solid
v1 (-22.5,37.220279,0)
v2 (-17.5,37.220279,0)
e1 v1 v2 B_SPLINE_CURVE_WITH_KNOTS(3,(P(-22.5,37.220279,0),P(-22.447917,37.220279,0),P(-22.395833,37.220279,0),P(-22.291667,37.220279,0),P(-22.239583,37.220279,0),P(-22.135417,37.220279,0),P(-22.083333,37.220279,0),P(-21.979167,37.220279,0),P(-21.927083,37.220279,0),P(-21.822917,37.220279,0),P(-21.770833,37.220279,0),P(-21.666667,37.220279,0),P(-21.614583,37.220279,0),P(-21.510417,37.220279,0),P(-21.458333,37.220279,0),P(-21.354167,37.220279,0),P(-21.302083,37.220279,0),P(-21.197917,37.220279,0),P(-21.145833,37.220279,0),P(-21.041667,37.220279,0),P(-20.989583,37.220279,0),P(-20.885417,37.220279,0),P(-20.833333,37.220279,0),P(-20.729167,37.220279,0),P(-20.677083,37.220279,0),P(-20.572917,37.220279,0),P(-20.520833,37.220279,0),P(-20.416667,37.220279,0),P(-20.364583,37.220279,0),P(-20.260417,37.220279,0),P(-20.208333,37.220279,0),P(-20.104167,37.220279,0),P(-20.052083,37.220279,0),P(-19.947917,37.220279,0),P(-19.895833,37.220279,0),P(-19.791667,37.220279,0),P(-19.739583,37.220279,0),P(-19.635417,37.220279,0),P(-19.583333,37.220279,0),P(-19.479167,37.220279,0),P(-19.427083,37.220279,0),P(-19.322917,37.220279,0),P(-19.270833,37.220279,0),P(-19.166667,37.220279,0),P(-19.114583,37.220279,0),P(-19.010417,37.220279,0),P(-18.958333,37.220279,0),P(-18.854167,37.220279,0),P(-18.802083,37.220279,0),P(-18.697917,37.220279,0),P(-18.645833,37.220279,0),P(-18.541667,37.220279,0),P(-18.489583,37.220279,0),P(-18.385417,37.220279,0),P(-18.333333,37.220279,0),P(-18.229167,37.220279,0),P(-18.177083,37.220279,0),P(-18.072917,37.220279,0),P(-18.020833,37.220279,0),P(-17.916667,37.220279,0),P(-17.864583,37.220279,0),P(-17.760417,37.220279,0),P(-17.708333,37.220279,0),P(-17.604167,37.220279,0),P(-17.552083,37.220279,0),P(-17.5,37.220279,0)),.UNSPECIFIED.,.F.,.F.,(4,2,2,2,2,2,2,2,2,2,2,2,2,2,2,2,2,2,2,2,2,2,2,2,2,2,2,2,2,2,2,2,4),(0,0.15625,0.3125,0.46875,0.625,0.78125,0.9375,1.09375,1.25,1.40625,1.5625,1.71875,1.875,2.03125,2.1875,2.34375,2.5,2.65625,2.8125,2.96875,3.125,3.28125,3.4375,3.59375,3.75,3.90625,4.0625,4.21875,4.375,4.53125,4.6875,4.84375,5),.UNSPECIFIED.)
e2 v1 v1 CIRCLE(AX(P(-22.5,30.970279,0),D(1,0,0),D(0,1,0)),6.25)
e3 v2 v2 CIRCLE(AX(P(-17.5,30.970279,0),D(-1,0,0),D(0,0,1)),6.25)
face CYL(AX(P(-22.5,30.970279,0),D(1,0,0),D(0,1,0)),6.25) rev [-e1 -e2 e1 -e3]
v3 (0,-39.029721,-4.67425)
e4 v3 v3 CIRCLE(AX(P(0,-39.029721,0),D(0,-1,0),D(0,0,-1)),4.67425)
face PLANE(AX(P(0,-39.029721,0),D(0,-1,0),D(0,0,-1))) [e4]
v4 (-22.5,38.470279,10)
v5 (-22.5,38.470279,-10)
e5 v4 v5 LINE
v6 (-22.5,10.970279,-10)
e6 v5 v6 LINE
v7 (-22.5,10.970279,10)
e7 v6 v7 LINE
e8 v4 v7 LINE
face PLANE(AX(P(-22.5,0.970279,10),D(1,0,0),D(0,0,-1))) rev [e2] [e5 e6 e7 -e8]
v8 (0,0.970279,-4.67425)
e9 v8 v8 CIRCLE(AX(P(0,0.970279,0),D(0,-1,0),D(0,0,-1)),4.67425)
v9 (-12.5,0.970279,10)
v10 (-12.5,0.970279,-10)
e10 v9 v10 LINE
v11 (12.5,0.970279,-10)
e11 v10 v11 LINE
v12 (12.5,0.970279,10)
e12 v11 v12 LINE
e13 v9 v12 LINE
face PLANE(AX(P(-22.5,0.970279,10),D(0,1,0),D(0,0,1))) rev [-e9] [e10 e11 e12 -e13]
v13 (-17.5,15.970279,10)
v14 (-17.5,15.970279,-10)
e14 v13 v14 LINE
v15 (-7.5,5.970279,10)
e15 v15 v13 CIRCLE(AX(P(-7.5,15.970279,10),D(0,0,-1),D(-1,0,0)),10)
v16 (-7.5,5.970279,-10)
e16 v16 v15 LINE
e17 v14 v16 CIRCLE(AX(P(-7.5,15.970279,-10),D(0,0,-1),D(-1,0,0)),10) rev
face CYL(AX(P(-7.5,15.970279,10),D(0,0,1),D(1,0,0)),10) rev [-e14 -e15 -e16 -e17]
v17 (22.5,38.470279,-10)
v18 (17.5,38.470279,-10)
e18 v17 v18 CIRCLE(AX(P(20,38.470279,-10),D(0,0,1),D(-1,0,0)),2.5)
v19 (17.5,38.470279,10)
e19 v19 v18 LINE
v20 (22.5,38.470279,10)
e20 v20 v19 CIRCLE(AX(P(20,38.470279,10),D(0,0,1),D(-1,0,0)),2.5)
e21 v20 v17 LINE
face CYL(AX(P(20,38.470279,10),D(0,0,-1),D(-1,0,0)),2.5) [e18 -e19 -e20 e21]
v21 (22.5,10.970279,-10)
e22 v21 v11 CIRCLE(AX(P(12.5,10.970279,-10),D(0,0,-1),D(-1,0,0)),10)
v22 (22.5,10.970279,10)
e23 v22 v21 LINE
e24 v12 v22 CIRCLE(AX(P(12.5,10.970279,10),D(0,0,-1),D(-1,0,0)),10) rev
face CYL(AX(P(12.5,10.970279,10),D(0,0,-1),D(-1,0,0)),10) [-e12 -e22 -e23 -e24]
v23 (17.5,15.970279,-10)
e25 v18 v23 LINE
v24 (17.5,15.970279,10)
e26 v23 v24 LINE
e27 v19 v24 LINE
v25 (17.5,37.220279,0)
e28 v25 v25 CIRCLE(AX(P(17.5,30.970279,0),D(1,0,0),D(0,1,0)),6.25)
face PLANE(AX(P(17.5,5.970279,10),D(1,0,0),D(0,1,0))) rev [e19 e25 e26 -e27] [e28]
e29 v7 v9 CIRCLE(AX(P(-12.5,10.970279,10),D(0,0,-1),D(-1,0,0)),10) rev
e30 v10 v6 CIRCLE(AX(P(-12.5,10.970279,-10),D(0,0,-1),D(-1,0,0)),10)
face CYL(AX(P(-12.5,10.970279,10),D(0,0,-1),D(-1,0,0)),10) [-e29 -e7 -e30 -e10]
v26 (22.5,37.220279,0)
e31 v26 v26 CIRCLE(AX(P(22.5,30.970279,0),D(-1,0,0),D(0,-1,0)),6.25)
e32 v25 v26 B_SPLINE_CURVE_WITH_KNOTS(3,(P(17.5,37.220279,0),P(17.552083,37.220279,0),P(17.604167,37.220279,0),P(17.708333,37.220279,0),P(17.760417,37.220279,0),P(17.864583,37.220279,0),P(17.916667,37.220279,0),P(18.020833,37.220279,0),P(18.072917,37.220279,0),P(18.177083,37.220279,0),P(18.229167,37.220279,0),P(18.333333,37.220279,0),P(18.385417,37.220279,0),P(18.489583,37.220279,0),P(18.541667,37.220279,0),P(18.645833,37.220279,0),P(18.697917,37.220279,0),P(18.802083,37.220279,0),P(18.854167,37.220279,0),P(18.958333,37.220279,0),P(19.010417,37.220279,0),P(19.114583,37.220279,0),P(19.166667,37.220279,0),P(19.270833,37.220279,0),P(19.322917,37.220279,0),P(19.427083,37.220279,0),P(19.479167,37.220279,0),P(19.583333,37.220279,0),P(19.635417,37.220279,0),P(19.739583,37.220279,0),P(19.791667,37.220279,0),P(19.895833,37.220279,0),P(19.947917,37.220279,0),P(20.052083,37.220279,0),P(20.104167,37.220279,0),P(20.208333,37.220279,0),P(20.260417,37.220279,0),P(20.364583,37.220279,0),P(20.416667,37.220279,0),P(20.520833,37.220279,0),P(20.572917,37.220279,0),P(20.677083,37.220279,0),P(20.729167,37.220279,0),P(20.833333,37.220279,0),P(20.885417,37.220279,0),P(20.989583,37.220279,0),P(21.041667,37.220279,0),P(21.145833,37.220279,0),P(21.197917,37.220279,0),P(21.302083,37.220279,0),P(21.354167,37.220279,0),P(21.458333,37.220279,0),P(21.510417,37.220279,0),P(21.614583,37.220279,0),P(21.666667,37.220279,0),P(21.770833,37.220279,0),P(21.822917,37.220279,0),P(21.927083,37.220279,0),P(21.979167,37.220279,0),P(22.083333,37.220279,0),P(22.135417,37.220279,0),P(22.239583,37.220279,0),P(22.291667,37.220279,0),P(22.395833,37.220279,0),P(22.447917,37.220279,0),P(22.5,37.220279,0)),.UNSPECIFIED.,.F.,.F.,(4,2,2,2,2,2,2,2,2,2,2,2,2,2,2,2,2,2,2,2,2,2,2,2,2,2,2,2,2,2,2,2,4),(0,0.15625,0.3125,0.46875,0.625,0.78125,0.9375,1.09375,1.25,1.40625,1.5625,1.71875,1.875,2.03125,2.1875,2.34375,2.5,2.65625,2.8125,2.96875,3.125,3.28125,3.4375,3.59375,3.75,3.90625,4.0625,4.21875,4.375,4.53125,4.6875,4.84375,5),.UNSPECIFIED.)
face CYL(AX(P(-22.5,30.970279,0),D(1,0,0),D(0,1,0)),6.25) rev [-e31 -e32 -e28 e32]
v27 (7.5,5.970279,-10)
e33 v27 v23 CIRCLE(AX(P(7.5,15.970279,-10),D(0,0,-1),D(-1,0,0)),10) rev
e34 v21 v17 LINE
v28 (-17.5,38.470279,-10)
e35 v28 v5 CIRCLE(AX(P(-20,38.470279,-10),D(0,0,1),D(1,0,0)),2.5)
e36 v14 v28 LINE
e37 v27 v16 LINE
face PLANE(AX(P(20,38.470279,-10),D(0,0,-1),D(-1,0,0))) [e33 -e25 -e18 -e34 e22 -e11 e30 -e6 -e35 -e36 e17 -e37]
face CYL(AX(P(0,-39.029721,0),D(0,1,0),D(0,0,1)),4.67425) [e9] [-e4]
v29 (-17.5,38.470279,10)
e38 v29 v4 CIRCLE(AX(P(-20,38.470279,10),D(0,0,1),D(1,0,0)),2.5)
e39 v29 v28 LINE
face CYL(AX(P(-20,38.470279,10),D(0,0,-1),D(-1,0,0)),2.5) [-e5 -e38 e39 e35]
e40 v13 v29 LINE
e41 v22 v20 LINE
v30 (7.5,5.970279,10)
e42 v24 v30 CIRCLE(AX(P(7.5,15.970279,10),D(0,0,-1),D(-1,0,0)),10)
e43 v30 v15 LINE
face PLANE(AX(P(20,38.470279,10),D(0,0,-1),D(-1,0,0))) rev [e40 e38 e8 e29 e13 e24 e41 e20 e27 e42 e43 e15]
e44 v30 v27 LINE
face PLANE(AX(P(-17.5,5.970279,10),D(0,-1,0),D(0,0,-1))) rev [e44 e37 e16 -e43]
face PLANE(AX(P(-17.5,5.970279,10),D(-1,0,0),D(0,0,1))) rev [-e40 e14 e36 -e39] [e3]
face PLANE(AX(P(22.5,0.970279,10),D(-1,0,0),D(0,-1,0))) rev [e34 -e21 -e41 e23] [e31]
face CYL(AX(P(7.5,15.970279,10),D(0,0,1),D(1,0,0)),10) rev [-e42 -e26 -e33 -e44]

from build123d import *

# Parameters (mm, degrees)
BOSS_EXTRUDE1_DEPTH     = 20
SKETCH2_R               = 9.3485
BOSS_EXTRUDE2_DEPTH     = 80
FILLET1_R               = 20
CUT_EXTRUDE1_DEPTH      = 126.39936204
CUT_EXTRUDE1_DEPTH_BACK = 126.39936204
SKETCH3_R               = 12.5
SCALE1_SCALE            = 0.5


with BuildPart() as part:
    # Sketch1 → Boss-Extrude1 (new, symmetric)
    with BuildSketch(Plane.XY):
        with BuildLine():
            Line((35, 5), (35, 70))
            ThreePointArc((35, 70), (40, 75), (45, 70))
            Line((45, 70), (45, -5))
            Line((45, -5), (-45, -5))
            Line((-45, -5), (-45, 70))
            ThreePointArc((-45, 70), (-40, 75), (-35, 70))
            Line((-35, 70), (-35, 5))
            Line((-35, 5), (35, 5))
        make_face()
    extrude(amount=BOSS_EXTRUDE1_DEPTH, both=True)

    # Sketch2 → Boss-Extrude2 (add)
    with BuildSketch(Plane.XZ.offset(5)):
        with Locations(Location((0, 0, 0), (0, 0, 270))):
            Circle(SKETCH2_R)
    extrude(amount=BOSS_EXTRUDE2_DEPTH)

    # Fillet1
    fillet1_edges = [part.edges().sort_by_distance(p)[0] for p in [
        (35, 5, 0),
        (45, -5, 0),
        (-45, -5, 0),
        (-35, 5, 0),
    ]]
    fillet(fillet1_edges, radius=FILLET1_R)

    # Sketch3 → Cut-Extrude1 (cut, two sides: drawn at the far end of the back side and taken through both)
    with BuildSketch(Plane(origin=(45, 0, 0), x_dir=(0, 0, -1), z_dir=(1, 0, 0)).offset(-CUT_EXTRUDE1_DEPTH_BACK)):
        with Locations(Location((0, 55, 0), (0, 0, 90))):
            Circle(SKETCH3_R)
    extrude(amount=CUT_EXTRUDE1_DEPTH + CUT_EXTRUDE1_DEPTH_BACK, mode=Mode.SUBTRACT)


with BuildPart() as part_1:
    # Scale1: scaled about (0, 6.940558609, 0)
    add(part.part.scale(SCALE1_SCALE).moved(Location((0, 3.470279304, 0))))


solid = part_1.part
